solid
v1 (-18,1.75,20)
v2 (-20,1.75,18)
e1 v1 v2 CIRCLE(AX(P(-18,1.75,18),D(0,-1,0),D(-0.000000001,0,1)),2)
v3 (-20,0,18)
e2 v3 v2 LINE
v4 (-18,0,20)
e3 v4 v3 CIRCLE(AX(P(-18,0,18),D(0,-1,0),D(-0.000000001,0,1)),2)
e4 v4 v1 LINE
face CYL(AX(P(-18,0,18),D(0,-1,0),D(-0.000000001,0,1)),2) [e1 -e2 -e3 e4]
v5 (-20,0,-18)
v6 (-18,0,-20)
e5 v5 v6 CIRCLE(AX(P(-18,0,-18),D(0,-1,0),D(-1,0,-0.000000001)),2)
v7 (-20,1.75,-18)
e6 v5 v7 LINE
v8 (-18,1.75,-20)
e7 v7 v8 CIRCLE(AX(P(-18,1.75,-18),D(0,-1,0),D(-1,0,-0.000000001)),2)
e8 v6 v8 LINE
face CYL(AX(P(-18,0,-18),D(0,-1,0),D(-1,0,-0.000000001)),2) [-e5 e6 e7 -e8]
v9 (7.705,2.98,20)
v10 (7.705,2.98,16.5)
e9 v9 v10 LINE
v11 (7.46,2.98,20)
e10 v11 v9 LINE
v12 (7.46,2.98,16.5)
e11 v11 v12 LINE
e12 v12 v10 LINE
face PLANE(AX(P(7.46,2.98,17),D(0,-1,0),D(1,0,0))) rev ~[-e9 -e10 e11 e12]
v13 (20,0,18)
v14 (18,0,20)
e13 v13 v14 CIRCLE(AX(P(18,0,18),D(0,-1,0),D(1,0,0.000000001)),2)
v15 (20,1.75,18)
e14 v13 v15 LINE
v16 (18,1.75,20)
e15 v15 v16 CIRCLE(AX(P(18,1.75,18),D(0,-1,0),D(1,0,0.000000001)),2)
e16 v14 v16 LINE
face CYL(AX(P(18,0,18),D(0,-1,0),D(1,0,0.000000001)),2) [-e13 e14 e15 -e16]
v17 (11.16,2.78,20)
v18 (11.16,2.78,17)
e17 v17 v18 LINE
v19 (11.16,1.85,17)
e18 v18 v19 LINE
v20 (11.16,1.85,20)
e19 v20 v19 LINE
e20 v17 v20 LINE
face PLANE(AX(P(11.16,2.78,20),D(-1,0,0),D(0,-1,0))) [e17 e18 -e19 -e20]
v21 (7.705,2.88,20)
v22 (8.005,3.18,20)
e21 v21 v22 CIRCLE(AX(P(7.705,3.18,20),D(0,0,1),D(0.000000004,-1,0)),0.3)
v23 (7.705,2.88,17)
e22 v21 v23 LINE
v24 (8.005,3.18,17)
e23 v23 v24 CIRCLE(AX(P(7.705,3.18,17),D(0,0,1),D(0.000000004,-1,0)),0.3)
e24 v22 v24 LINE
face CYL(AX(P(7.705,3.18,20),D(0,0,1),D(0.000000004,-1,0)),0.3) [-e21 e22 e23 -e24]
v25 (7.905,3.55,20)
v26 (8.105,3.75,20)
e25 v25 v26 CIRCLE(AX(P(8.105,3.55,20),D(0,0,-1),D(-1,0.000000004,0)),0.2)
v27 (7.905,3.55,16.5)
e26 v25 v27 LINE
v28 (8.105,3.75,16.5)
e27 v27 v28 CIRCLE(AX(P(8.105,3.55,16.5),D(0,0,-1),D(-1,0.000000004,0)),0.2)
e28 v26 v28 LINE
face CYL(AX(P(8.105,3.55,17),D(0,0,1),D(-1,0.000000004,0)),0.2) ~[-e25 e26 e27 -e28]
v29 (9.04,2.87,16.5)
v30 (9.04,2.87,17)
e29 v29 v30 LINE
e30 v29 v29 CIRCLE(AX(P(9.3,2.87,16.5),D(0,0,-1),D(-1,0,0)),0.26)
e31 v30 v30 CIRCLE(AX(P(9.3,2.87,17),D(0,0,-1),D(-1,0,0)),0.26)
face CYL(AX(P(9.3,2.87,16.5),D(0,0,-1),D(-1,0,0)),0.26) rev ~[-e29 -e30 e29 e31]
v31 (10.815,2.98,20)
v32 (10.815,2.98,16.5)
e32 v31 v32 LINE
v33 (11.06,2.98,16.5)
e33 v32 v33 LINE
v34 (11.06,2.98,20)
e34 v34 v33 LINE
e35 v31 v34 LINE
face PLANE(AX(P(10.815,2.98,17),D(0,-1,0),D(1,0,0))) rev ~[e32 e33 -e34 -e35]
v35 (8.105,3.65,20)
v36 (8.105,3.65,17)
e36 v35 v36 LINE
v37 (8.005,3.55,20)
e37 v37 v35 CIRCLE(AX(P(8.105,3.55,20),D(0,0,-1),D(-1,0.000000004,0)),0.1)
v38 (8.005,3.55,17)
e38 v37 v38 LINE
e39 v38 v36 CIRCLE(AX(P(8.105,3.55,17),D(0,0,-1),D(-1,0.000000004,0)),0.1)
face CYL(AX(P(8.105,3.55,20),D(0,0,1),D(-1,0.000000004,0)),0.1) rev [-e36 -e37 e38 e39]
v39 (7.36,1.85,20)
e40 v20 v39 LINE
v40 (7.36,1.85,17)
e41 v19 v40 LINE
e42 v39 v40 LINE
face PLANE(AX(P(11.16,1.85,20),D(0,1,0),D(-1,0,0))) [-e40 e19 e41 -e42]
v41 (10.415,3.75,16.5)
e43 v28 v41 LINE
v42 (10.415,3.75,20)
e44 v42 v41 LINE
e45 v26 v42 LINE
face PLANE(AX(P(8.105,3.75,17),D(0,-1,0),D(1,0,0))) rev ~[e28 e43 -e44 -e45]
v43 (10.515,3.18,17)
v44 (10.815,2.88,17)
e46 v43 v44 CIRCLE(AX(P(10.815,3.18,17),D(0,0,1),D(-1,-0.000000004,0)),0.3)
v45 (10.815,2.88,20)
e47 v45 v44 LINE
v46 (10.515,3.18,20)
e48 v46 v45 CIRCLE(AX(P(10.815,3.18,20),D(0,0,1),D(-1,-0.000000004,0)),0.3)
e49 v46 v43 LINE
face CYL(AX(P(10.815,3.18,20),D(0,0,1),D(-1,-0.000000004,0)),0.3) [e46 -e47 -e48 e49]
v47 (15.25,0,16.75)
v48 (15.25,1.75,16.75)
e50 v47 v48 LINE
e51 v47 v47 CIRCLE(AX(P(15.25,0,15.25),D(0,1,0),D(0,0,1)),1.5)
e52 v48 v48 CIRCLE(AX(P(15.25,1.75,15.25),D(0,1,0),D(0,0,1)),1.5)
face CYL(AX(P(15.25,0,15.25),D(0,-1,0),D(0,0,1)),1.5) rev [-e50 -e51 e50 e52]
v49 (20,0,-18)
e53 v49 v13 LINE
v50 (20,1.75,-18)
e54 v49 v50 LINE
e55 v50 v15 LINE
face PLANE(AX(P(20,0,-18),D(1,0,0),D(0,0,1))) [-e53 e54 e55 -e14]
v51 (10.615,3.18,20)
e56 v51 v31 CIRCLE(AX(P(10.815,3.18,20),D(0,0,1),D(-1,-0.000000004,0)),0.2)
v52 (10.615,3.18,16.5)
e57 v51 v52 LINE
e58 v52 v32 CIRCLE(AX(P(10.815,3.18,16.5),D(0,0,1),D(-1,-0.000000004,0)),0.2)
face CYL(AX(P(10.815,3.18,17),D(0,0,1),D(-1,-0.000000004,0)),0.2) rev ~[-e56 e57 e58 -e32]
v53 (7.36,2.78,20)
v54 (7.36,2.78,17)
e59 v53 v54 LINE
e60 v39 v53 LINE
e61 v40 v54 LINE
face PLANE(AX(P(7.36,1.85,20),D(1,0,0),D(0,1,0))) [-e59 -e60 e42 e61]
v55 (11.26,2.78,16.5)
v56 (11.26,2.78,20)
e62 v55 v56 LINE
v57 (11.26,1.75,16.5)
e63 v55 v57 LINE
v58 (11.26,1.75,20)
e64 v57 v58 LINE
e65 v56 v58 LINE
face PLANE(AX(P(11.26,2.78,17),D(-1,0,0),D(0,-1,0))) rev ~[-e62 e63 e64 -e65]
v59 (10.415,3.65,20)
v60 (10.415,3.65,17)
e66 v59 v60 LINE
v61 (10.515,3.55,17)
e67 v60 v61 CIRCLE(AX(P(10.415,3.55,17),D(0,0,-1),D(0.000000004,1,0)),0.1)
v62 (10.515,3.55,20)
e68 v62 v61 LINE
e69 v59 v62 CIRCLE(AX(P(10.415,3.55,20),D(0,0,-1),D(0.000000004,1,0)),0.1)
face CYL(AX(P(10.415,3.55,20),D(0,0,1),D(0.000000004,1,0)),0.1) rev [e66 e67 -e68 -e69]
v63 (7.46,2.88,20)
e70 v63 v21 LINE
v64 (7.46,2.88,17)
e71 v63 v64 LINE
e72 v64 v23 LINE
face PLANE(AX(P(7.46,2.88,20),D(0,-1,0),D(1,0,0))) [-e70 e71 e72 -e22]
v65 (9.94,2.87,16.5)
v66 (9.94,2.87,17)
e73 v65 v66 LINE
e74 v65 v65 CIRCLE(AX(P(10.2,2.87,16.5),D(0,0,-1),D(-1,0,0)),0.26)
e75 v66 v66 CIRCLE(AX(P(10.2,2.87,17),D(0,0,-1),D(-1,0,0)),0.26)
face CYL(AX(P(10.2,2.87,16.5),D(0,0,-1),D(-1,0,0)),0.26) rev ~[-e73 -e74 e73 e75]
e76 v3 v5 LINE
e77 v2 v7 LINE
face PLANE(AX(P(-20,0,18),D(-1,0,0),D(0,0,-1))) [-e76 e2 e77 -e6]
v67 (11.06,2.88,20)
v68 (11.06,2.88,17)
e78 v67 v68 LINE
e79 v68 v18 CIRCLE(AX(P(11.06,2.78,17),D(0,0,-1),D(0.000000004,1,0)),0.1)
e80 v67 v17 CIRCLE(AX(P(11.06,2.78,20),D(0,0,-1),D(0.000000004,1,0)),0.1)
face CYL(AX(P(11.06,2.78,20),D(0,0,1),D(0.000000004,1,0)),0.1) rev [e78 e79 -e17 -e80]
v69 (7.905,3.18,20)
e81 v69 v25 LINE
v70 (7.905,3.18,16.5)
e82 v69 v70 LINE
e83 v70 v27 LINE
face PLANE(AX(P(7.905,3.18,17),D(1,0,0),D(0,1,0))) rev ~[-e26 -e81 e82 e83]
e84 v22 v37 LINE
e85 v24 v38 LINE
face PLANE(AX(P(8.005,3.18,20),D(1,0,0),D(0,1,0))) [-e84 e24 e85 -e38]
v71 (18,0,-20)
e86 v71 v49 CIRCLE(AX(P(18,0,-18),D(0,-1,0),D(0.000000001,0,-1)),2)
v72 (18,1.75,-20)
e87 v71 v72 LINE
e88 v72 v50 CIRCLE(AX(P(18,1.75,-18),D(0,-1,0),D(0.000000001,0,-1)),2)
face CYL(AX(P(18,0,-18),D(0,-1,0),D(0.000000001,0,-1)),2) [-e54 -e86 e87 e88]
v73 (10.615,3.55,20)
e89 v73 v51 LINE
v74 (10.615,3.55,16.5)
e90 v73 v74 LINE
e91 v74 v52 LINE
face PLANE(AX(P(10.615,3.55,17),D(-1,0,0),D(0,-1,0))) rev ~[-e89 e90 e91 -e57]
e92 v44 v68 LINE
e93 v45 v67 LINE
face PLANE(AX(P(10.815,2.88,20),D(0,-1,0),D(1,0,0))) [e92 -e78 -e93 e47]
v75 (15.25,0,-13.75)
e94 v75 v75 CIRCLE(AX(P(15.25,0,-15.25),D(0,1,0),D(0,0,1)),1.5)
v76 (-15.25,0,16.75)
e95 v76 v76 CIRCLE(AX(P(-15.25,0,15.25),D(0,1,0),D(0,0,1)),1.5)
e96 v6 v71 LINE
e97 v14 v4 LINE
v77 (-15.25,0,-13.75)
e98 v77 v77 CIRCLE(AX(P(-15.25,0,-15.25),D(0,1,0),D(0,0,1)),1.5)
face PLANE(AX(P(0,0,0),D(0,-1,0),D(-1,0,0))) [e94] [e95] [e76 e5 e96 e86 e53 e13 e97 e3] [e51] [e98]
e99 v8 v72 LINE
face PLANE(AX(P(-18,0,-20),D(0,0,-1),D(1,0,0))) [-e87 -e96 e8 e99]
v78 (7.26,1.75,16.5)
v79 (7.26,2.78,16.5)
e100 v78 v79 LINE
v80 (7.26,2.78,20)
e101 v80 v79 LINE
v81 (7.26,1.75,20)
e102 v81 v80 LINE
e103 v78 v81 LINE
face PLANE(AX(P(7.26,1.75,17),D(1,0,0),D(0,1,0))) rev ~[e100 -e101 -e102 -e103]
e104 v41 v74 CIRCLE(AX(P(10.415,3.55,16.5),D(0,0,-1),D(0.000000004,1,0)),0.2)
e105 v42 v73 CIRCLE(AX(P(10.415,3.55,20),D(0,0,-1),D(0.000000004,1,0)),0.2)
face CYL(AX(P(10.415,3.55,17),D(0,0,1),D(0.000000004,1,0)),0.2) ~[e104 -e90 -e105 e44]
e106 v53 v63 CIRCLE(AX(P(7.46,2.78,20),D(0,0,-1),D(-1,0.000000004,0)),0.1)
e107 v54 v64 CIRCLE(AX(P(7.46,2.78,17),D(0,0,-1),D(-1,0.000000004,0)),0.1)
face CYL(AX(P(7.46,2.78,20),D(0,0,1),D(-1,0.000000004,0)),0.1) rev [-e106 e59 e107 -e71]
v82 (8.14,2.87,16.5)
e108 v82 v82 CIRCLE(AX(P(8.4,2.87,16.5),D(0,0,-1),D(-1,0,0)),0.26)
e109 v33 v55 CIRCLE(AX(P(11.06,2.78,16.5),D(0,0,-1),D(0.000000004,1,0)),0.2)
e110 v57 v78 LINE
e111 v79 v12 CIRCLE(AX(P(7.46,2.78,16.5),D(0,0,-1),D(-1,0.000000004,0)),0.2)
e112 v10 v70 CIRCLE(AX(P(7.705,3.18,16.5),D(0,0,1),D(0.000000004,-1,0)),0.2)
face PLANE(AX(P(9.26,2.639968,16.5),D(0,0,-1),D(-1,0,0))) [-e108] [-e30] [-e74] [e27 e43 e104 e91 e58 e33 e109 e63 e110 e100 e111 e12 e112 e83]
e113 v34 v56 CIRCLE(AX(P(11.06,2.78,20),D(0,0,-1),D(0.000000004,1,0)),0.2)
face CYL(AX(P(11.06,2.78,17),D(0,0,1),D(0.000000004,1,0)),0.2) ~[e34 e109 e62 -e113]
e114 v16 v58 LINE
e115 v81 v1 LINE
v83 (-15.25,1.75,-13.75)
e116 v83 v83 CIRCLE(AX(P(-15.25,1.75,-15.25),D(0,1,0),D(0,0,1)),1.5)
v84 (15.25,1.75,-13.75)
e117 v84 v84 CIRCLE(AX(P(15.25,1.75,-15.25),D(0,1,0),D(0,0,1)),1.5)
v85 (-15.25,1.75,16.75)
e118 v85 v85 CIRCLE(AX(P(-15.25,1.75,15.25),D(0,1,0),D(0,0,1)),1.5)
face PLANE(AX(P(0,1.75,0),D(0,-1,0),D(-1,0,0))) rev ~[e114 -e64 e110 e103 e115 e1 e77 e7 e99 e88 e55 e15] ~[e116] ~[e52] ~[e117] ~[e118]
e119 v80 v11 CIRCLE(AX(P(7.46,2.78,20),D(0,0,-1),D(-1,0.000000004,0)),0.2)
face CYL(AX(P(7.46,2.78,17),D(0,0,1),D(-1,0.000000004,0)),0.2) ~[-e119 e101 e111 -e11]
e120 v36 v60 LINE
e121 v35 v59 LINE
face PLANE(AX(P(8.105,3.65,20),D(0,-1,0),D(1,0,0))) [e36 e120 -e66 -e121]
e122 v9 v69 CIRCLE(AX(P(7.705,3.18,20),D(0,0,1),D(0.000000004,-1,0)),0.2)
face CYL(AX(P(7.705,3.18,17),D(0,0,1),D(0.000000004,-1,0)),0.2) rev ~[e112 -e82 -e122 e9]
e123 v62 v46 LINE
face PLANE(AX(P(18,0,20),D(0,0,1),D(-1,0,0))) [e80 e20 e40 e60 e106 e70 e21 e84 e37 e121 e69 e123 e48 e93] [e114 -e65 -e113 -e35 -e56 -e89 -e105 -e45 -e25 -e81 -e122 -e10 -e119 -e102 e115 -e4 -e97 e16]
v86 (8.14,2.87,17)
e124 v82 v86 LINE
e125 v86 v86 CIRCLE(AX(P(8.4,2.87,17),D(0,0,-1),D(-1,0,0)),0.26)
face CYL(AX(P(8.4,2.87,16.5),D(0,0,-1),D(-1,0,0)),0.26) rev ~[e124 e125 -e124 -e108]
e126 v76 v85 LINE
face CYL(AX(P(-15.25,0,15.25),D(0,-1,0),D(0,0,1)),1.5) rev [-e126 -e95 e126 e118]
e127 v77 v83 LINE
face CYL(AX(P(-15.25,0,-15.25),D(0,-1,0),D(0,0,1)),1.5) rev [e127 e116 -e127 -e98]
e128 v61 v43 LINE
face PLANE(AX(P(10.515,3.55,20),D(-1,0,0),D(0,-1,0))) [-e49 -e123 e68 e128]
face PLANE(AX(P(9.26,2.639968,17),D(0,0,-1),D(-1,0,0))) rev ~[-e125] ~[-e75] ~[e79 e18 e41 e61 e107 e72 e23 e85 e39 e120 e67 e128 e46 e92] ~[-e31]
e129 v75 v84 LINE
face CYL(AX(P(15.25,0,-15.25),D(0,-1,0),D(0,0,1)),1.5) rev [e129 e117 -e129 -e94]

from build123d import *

# Parameters (mm, degrees)
SKETCH1_R           = 1.5
BOSS_EXTRUDE1_DEPTH = 1.75
BOSS_EXTRUDE2_DEPTH = 3
BOSS_EXTRUDE3_DEPTH = 0.5
SKETCH4_R           = 0.26
CUT_EXTRUDE1_DEPTH  = 42.78890403


with BuildPart() as part:
    # Sketch1 → Boss-Extrude1 (new body)
    with BuildSketch(Plane(origin=(0, 0, 0), x_dir=(1, 0, 0), z_dir=(0, 1, 0))):
        with BuildLine():
            Line((-18, 20), (18, 20))
            ThreePointArc((18, 20), (19.414213562, 19.414213562), (20, 18))
            Line((20, 18), (20, -18))
            ThreePointArc((20, -18), (19.414213562, -19.414213562), (18, -20))
            Line((18, -20), (-18, -20))
            ThreePointArc((-18, -20), (-19.414213562, -19.414213562), (-20, -18))
            Line((-20, -18), (-20, 18))
            ThreePointArc((-20, 18), (-19.414213562, 19.414213562), (-18, 20))
        make_face()
        with Locations(Location((-15.25, 15.25, 0), (0, 0, 270))):
            Circle(SKETCH1_R, mode=Mode.SUBTRACT)
        with Locations(Location((15.25, 15.25, 0), (0, 0, 270))):
            Circle(SKETCH1_R, mode=Mode.SUBTRACT)
        with Locations(Location((15.25, -15.25, 0), (0, 0, 270))):
            Circle(SKETCH1_R, mode=Mode.SUBTRACT)
        with Locations(Location((-15.25, -15.25, 0), (0, 0, 270))):
            Circle(SKETCH1_R, mode=Mode.SUBTRACT)
    extrude(amount=BOSS_EXTRUDE1_DEPTH)

    # Sketch2 → Boss-Extrude2 (add)
    with BuildSketch(Plane.XY.offset(20)):
        with BuildLine():
            Line((7.26, 1.75), (7.26, 2.78))
            ThreePointArc((7.26, 2.78), (7.318578644, 2.921421356), (7.46, 2.98))
            Line((7.46, 2.98), (7.705, 2.98))
            ThreePointArc((7.705, 2.98), (7.846421356, 3.038578644), (7.905, 3.18))
            Line((7.905, 3.18), (7.905, 3.55))
            ThreePointArc((7.905, 3.55), (7.963578644, 3.691421356), (8.105, 3.75))
            Line((8.105, 3.75), (10.415, 3.75))
            ThreePointArc((10.415, 3.75), (10.556421356, 3.691421356), (10.615, 3.55))
            Line((10.615, 3.55), (10.615, 3.18))
            ThreePointArc((10.615, 3.18), (10.673578644, 3.038578644), (10.815, 2.98))
            Line((10.815, 2.98), (11.06, 2.98))
            ThreePointArc((11.06, 2.98), (11.201421356, 2.921421356), (11.26, 2.78))
            Line((11.26, 2.78), (11.26, 1.75))
            Line((11.26, 1.75), (7.26, 1.75))
        make_face()
        with BuildLine():
            Line((7.36, 1.85), (7.36, 2.78))
            ThreePointArc((7.36, 2.78), (7.389289322, 2.850710678), (7.46, 2.88))
            Line((7.46, 2.88), (7.705, 2.88))
            ThreePointArc((7.705, 2.88), (7.917132034, 2.967867966), (8.005, 3.18))
            Line((8.005, 3.18), (8.005, 3.55))
            ThreePointArc((8.005, 3.55), (8.034289322, 3.620710678), (8.105, 3.65))
            Line((8.105, 3.65), (10.415, 3.65))
            ThreePointArc((10.415, 3.65), (10.485710678, 3.620710678), (10.515, 3.55))
            Line((10.515, 3.55), (10.515, 3.18))
            ThreePointArc((10.515, 3.18), (10.602867966, 2.967867966), (10.815, 2.88))
            Line((10.815, 2.88), (11.06, 2.88))
            ThreePointArc((11.06, 2.88), (11.130710678, 2.850710678), (11.16, 2.78))
            Line((11.16, 2.78), (11.16, 1.85))
            Line((11.16, 1.85), (7.36, 1.85))
        make_face(mode=Mode.SUBTRACT)
    extrude(amount=-BOSS_EXTRUDE2_DEPTH)

    # Sketch3 → Boss-Extrude3 (add)
    with BuildSketch(Plane(origin=(0, 0, 17), x_dir=(-1, 0, 0), z_dir=(0, 0, -1))):
        with BuildLine():
            Line((-11.26, 1.75), (-7.26, 1.75))
            Line((-7.26, 1.75), (-7.26, 2.78))
            ThreePointArc((-7.26, 2.78), (-7.318578644, 2.921421356), (-7.46, 2.98))
            Line((-7.46, 2.98), (-7.705, 2.98))
            ThreePointArc((-7.705, 2.98), (-7.846421356, 3.038578644), (-7.905, 3.18))
            Line((-7.905, 3.18), (-7.905, 3.55))
            ThreePointArc((-7.905, 3.55), (-7.963578644, 3.691421356), (-8.105, 3.75))
            Line((-8.105, 3.75), (-10.415, 3.75))
            ThreePointArc((-10.415, 3.75), (-10.556421356, 3.691421356), (-10.615, 3.55))
            Line((-10.615, 3.55), (-10.615, 3.18))
            ThreePointArc((-10.615, 3.18), (-10.673578644, 3.038578644), (-10.815, 2.98))
            Line((-10.815, 2.98), (-11.06, 2.98))
            ThreePointArc((-11.06, 2.98), (-11.201421356, 2.921421356), (-11.26, 2.78))
            Line((-11.26, 2.78), (-11.26, 1.75))
        make_face()
    extrude(amount=BOSS_EXTRUDE3_DEPTH)

    # Sketch4 → Cut-Extrude1 (cut, through all)
    with BuildSketch(Plane(origin=(0, 0, 16.5), x_dir=(-1, 0, 0), z_dir=(0, 0, -1))):
        with Locations((-10.2, 2.87)):
            Circle(SKETCH4_R)
        with Locations((-9.3, 2.87)):
            Circle(SKETCH4_R)
        with Locations((-8.4, 2.87)):
            Circle(SKETCH4_R)
    extrude(amount=-CUT_EXTRUDE1_DEPTH, mode=Mode.SUBTRACT)


solid = part.part
